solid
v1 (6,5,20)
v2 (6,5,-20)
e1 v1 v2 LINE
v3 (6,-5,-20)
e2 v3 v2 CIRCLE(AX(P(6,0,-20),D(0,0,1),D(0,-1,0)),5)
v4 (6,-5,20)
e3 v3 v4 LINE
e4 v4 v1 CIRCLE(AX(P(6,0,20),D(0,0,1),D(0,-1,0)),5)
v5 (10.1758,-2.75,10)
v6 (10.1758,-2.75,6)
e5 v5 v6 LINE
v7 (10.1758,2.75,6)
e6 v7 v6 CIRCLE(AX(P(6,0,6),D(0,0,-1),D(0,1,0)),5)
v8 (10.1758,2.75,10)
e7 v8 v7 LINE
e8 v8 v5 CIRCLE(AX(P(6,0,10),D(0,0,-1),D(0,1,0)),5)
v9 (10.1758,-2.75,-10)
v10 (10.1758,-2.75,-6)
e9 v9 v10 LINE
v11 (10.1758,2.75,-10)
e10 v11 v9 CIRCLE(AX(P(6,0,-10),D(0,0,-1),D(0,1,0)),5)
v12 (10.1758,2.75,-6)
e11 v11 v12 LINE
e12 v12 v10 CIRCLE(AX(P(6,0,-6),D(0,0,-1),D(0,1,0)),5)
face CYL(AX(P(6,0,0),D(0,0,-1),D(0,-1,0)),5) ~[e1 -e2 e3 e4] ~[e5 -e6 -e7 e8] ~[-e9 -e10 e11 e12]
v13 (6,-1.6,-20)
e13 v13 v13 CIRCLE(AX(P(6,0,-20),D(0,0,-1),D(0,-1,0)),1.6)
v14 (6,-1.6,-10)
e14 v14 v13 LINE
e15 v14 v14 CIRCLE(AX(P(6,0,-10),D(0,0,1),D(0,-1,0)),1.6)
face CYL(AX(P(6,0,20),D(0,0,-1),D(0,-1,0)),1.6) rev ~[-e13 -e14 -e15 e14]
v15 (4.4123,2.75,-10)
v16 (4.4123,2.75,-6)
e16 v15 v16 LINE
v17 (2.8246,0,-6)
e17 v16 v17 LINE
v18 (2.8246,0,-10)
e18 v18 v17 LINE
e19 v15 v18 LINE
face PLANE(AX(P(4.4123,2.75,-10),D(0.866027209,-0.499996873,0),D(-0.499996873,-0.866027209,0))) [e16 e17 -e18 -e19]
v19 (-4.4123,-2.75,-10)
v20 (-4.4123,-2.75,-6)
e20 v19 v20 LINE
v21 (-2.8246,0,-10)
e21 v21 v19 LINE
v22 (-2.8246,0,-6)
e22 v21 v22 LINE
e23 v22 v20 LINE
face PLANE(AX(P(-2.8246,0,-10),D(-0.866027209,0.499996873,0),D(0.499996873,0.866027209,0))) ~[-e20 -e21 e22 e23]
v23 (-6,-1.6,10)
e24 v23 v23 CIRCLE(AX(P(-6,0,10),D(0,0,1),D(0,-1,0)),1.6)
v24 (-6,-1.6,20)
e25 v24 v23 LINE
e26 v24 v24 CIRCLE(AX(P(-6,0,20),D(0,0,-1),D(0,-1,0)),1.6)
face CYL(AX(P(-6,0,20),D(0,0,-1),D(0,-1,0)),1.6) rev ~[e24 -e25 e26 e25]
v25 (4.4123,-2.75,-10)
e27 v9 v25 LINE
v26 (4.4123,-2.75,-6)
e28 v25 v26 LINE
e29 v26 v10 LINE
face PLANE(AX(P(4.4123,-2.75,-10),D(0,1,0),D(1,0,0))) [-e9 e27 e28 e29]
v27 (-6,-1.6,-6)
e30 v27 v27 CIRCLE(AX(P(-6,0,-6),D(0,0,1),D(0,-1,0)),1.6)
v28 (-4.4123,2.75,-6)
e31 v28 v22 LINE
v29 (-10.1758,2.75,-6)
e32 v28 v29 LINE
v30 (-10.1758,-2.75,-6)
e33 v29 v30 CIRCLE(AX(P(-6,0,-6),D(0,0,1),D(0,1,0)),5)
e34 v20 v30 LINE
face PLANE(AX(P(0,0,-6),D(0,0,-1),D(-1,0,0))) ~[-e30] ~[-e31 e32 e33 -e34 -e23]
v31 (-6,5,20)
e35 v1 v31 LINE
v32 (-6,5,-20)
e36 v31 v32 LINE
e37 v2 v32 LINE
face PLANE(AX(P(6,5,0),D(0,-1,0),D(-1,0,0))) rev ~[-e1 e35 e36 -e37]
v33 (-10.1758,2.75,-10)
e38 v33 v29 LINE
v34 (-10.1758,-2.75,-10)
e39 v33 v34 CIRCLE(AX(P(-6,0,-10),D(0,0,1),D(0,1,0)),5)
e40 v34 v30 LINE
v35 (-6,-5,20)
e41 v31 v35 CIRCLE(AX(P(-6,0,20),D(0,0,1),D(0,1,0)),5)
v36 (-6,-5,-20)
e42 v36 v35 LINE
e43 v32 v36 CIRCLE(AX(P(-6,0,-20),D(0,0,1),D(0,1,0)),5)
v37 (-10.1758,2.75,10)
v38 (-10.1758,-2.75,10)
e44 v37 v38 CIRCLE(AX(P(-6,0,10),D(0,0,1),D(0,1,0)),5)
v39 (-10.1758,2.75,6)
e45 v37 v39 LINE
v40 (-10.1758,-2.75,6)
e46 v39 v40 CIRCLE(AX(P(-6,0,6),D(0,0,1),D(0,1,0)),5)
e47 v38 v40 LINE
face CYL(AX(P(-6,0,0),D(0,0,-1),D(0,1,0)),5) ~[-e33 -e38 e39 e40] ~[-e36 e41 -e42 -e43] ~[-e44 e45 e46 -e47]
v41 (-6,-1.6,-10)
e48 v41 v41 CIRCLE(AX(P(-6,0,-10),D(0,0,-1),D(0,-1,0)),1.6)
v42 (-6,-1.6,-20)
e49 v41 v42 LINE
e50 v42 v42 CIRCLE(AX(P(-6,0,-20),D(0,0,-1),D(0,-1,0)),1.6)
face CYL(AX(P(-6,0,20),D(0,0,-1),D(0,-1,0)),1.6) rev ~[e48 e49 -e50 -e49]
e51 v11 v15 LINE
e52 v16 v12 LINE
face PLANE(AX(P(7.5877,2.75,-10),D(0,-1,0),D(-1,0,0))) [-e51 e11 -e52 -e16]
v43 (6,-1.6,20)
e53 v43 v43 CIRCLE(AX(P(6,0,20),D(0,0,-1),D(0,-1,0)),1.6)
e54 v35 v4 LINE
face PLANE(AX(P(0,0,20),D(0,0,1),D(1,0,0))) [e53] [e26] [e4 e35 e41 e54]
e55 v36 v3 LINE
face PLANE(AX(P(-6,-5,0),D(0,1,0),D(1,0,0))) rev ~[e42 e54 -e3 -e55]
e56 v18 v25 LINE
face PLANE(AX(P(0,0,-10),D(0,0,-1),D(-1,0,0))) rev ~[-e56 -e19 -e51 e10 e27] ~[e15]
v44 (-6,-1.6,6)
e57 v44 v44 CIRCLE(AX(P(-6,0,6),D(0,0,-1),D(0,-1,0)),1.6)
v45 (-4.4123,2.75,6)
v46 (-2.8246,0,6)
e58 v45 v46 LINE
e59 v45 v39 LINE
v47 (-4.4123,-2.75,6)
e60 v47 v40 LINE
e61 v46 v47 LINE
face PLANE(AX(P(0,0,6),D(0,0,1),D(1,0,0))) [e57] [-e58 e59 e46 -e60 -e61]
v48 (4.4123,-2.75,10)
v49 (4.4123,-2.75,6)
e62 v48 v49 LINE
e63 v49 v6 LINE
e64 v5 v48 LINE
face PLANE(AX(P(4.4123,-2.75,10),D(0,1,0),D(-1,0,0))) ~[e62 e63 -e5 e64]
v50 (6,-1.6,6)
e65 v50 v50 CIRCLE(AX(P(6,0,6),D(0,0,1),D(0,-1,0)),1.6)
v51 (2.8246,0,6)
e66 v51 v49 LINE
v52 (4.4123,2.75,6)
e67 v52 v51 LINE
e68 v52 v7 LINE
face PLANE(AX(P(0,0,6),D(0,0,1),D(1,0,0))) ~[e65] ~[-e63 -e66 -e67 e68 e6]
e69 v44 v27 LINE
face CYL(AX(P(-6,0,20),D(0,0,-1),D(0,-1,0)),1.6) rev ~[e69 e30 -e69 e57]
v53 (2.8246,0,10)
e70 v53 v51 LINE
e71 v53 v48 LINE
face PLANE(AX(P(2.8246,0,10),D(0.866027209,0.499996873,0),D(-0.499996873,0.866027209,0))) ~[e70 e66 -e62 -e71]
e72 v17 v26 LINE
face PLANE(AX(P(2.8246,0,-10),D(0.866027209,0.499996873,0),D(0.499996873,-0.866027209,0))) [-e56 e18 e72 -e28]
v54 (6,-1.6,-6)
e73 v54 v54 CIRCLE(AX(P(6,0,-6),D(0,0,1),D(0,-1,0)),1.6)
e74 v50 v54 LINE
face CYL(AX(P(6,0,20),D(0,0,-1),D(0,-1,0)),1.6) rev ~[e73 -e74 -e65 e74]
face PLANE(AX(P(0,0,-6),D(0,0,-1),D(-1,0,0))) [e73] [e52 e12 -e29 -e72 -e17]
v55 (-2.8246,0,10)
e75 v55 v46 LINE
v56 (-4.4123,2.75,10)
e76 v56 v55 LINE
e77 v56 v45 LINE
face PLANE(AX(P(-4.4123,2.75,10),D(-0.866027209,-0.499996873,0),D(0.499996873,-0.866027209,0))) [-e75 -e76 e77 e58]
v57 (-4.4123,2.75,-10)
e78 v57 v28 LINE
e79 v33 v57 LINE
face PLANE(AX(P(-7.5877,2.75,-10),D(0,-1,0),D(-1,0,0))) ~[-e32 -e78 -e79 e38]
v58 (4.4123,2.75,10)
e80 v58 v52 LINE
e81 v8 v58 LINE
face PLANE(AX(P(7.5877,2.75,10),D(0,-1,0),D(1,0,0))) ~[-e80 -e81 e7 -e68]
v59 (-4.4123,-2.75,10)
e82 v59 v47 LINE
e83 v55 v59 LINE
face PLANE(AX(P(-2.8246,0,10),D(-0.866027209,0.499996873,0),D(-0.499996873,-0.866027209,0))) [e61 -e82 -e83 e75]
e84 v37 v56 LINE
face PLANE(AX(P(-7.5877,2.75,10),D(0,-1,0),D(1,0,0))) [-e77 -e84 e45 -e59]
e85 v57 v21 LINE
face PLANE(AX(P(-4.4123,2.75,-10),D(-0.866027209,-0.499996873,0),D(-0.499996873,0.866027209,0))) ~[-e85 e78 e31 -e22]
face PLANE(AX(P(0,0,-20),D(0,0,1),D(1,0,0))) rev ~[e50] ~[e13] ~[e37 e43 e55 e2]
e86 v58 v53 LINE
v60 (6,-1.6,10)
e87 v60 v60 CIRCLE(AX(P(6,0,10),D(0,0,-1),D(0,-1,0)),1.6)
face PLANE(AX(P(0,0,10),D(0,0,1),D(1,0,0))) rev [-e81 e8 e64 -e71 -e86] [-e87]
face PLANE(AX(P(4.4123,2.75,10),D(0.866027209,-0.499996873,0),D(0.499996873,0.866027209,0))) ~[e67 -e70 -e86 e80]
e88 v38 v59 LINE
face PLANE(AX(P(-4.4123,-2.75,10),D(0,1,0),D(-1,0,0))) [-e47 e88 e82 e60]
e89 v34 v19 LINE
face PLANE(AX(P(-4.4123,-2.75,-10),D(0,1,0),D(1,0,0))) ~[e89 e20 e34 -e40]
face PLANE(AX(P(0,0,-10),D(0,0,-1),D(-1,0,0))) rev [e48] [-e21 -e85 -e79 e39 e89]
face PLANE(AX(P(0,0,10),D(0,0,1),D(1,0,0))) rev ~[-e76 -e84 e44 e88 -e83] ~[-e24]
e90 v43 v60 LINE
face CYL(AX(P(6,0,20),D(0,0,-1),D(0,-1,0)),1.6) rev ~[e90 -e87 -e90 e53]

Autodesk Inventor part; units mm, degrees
ref_plane "YZ Plane" through (0, 0, 0) normal (1, 0, 0) x (0, 1, 0)
ref_plane "XZ Plane" through (0, 0, 0) normal (0, 1, 0) x (-1, 0, 0)
sketch "Sketch1" plane through (0, 0, 0) normal (0, 0, 1) x (1, 0, 0)
  line L0 (-6, 0) -> (6, 0) construction
  line L1 (-6, -5) -> (6, -5)
  line L2 (6, 5) -> (-6, 5)
  arc A0 (-6, 5) -> (-6, -5) centre (-6, 0) ccw
  arc A1 (6, -5) -> (6, 5) centre (6, 0) ccw
  point P0 (0, 0)
  point P1 (0, 0)
  dimension "d0" = 5
  dimension "d1" = 12
extrude "Extrusion1" add sketch "Sketch1" along normal mid plane 40
sketch "Sketch2" plane through (0, 0, 20) normal (0, 0, 1) x (1, 0, 0)
  arc A0 (-6, 5) -> (-6, -5) centre (-6, 0) ccw projected
  arc A1 (6, -5) -> (6, 5) centre (6, 0) ccw projected
  point P0 (0, 0)
hole "Hole1" at (-6, 0, 20) at (6, 0, 20) direction (0, 0, -1) diameter 3.2 end through all clearance for "Flat Head Machine Screw" size "M3" standard "Ansi Metric M Profile"
ref_plane "Work Plane1" through (0, 0, 10) normal (0, 0, 1) x (1, 0, 0)
sketch "Sketch3" plane through (0, 0, 10) normal (0, 0, 1) x (1, 0, 0)
  circle A0 centre (-6, 0) radius 1.6 projected
  line L0 (-7.5877, 2.75) -> (-4.4123, 2.75)
  line L1 (-4.4123, 2.75) -> (-2.8246, 0)
  line L2 (-2.8246, 0) -> (-4.4123, -2.75)
  line L3 (-4.4123, -2.75) -> (-7.5877, -2.75)
  line L4 (-7.5877, -2.75) -> (-9.1754, 0)
  line L5 (-9.1754, 0) -> (-7.5877, 2.75)
  line L6 (-7.5877, 2.75) -> (-10.1758, 2.75)
  arc A1 (-6, 5) -> (-6, -5) centre (-6, 0) ccw projected
  line L7 (-7.5877, -2.75) -> (-10.1758, -2.75)
  point P0 (0, 0)
  dimension "d12" = 5.5
extrude "Extrusion2" cut sketch "Sketch3" against normal blind 4
mirror "Mirror1" about plane through (0, 0, 0) normal (1, 0, 0) of "Extrusion2"
mirror "Mirror2" about plane through (0, 0, 0) normal (0, 0, 1) of "Extrusion2", "Mirror1"
properties part number "Standoff" material "ABS Plastic"
